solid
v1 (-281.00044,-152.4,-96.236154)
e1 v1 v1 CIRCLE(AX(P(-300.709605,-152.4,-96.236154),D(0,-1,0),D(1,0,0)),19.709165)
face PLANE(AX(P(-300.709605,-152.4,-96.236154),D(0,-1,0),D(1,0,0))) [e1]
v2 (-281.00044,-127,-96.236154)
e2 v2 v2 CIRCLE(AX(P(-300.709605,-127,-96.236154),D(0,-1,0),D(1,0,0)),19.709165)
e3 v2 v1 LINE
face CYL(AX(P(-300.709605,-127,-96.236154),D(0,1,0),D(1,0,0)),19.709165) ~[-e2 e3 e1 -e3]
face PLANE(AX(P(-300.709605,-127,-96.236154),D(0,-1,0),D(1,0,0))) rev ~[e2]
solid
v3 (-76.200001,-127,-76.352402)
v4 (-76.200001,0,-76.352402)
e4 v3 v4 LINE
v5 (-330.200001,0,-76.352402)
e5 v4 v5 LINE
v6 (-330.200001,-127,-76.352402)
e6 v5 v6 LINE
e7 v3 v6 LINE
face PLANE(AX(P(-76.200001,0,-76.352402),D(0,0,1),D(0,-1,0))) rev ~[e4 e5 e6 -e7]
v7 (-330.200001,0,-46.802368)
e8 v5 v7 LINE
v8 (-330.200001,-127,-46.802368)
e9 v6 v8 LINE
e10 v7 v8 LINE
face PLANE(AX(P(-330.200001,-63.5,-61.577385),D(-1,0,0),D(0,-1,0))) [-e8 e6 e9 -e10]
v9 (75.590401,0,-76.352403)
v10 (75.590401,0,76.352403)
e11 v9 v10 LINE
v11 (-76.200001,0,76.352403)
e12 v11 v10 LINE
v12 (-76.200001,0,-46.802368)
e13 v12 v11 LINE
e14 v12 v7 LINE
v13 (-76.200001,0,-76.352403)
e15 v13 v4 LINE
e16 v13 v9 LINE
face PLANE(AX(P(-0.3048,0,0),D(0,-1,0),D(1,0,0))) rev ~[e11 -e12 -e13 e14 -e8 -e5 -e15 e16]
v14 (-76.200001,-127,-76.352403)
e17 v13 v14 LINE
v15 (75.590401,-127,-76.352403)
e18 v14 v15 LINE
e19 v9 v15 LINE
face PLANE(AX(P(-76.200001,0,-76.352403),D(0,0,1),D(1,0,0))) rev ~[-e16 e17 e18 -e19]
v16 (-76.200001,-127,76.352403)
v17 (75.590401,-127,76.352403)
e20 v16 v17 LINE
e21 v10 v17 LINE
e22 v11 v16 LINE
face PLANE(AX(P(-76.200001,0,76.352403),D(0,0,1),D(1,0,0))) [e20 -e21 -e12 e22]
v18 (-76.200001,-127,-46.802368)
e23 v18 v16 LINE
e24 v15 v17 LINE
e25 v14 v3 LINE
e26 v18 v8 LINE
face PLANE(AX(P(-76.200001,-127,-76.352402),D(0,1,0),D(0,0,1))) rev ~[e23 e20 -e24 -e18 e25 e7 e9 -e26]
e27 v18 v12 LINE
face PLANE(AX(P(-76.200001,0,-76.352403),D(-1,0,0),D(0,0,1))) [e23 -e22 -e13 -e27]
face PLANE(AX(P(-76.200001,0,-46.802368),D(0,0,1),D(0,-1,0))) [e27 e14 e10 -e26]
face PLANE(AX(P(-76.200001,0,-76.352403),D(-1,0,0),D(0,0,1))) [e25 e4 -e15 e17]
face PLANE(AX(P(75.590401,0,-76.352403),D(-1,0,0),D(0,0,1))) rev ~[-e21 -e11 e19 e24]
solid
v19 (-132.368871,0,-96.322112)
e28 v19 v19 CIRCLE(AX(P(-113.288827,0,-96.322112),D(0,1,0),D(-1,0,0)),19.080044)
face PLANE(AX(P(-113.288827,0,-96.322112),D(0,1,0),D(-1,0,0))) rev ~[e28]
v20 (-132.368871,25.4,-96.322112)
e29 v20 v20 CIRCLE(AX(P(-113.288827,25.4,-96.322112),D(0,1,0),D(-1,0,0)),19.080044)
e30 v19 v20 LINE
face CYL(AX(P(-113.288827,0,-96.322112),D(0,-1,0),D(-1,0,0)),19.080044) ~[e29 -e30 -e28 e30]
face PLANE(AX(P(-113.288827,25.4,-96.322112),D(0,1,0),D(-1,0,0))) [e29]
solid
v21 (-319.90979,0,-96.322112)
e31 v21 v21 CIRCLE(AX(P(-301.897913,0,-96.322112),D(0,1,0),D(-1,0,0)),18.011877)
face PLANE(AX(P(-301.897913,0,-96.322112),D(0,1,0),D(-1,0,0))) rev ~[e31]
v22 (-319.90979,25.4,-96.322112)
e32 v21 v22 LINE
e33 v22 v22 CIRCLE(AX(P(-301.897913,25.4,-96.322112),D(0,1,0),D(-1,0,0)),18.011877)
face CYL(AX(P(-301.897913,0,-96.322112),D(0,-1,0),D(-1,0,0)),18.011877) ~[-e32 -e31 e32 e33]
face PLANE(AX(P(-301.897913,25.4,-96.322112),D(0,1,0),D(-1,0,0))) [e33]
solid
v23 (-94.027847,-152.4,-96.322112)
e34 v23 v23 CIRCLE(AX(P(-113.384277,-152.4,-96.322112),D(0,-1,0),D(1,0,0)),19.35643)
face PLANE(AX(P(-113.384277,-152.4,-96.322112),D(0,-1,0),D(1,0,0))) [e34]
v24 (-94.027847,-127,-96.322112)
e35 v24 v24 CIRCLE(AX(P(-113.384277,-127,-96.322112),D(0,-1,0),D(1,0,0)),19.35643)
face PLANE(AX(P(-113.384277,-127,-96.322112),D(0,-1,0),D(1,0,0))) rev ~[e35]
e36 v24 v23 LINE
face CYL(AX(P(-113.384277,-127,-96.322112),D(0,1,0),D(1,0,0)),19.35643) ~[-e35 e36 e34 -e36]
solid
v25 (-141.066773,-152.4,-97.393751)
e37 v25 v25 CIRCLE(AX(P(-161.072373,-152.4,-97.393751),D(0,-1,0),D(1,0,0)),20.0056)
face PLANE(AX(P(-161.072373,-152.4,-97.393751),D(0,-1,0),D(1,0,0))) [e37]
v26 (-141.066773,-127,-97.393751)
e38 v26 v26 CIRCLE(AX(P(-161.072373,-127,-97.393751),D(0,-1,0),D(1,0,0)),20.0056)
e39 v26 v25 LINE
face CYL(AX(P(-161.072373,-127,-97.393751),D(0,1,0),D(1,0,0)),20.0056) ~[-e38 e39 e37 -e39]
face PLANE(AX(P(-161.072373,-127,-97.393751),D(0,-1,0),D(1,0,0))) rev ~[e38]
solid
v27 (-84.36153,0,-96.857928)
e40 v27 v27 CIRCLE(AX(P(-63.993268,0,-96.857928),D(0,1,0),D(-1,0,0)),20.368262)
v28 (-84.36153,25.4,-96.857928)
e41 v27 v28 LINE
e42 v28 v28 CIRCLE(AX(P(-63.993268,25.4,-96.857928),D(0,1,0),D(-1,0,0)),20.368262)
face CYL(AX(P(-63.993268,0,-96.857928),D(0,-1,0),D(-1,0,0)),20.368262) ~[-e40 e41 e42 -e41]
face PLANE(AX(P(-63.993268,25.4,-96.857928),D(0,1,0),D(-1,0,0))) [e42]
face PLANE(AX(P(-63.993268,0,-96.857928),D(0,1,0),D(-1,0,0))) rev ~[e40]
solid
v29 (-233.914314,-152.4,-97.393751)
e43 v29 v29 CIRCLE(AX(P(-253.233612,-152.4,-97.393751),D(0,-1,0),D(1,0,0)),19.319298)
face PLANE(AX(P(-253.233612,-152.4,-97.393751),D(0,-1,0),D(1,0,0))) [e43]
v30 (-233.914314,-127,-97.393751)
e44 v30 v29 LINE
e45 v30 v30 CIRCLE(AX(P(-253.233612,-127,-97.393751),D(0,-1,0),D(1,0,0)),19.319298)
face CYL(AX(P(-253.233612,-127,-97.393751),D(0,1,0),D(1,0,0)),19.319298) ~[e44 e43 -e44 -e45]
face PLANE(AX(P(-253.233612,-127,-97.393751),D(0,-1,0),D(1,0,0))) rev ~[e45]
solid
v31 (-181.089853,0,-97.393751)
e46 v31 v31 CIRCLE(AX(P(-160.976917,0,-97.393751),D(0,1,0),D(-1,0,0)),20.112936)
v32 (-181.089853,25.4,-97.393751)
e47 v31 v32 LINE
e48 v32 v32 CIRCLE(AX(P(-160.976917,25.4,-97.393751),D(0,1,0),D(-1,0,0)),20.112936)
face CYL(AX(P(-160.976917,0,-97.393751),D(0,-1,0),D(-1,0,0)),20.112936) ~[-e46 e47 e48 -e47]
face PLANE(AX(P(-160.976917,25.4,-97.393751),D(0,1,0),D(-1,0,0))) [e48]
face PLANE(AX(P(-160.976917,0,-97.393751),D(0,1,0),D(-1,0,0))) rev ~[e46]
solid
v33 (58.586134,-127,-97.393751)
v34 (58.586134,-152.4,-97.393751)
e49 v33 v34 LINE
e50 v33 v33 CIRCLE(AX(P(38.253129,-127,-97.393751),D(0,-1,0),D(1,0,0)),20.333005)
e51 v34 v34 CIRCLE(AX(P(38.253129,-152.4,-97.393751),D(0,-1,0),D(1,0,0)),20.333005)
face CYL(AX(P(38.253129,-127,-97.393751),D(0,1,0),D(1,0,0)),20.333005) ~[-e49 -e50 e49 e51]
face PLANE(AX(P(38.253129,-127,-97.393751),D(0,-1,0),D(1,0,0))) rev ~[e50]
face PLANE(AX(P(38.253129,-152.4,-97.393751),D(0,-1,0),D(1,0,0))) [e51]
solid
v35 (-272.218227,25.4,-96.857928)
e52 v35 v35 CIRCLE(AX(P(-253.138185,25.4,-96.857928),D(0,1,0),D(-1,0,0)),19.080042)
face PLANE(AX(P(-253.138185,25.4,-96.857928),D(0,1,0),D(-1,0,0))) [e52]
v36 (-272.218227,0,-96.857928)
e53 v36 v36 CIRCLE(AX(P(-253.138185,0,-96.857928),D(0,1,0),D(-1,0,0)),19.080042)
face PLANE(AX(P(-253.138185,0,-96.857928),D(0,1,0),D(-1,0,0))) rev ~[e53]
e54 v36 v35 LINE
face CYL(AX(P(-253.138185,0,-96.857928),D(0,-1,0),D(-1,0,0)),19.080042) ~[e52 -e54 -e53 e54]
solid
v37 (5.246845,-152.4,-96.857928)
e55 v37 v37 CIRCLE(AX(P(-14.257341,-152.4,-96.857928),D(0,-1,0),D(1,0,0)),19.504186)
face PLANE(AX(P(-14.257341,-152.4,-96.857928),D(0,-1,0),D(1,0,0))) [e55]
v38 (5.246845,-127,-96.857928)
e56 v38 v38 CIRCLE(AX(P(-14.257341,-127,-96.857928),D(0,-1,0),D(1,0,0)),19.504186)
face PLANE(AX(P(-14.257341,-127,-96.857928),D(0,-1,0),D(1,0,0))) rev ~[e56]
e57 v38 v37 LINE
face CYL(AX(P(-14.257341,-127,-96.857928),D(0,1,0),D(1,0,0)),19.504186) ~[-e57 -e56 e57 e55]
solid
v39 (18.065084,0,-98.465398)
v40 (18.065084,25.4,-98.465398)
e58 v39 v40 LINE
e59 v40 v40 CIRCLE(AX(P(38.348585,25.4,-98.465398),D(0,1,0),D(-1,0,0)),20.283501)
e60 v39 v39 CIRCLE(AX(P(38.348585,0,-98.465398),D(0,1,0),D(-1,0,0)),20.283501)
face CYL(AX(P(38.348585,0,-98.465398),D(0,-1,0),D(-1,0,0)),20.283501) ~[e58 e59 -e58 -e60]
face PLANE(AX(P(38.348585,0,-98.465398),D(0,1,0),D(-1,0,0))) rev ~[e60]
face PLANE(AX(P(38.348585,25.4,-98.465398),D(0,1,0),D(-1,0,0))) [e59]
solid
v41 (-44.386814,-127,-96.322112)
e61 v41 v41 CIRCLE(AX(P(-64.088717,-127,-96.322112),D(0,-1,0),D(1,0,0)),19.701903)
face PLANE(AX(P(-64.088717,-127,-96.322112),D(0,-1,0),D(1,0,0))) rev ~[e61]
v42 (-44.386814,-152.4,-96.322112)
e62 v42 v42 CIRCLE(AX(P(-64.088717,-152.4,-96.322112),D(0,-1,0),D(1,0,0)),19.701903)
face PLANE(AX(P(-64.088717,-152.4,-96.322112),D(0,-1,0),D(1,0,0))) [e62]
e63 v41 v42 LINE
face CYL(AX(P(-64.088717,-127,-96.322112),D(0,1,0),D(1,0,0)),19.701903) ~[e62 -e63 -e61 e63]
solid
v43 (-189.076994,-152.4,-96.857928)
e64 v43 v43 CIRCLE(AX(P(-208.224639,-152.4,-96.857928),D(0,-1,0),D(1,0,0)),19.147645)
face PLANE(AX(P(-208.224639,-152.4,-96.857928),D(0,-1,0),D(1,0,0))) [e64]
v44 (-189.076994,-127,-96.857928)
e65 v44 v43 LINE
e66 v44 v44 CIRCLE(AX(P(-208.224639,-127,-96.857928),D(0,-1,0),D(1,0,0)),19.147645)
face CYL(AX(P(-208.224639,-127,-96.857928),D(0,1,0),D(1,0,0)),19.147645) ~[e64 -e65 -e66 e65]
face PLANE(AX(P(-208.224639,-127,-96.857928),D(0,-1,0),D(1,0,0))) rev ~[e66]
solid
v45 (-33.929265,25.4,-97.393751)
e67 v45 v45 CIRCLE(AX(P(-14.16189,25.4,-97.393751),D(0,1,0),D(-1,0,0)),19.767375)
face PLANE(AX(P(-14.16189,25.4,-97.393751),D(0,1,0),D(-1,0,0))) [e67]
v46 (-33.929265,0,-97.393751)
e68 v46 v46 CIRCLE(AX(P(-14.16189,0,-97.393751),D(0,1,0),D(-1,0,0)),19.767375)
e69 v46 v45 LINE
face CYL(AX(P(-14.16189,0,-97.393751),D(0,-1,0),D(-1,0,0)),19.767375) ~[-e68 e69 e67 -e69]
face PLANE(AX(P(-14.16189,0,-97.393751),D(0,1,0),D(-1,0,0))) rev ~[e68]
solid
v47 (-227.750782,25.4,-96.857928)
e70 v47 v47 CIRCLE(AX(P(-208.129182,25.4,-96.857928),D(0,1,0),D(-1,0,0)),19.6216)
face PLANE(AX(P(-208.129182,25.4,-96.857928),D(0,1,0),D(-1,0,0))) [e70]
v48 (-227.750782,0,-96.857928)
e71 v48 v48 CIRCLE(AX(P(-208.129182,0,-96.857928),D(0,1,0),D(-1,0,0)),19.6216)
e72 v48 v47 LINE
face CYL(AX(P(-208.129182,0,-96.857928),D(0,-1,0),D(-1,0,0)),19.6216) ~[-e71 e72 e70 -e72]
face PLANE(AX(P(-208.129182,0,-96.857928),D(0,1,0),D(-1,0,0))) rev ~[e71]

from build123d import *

# Parameters (mm, degrees)
F0_W     = 151.790403
F0_H     = 152.704806
F1_DEPTH = 127
F2_W     = 127
F2_H     = 29.550035
F3_DEPTH = 254
F4_R     = 19.709165
F6_DEPTH = 25.4
F5_R     = 19.319298
F5_R_2   = 19.147645
F5_R_3   = 20.0056
F5_R_4   = 19.35643
F5_R_5   = 19.701903
F5_R_6   = 19.504186
F5_R_7   = 20.333005
F7_DEPTH = 25.4
F8_R     = 20.283501
F8_R_2   = 19.767375
F8_R_3   = 20.368262
F8_R_4   = 19.080044
F8_R_5   = 20.112936
F8_R_6   = 19.6216
F8_R_7   = 19.080042
F8_R_8   = 18.011877
F9_DEPTH = 25.4


with BuildPart() as f1:
    # F0 (on Front) → F1 (new body)
    with BuildSketch(Plane.XZ):
        with Locations((-0.3048, 0)):
            Rectangle(F0_W, F0_H)
    extrude(amount=F1_DEPTH)

    # F2 (on face) → F3 (join)
    with BuildSketch(Plane(origin=(-76.200001, 0, 0), x_dir=(0, -1, 0), z_dir=(-1, 0, 0))):
        with Locations((63.5, -61.577385)):
            Rectangle(F2_W, F2_H)
    extrude(amount=F3_DEPTH)


with BuildPart() as f6:
    # F4 (on face) → F6 (new body)
    with BuildSketch(Plane.XZ.offset(127)):
        with Locations((-300.709605, -96.236154)):
            Circle(F4_R)
    extrude(amount=F6_DEPTH)


with BuildPart() as f7:
    # F5 (on face) → F7 (new body)
    with BuildSketch(Plane.XZ.offset(127)):
        with Locations((-253.233612, -97.393751)):
            Circle(F5_R)
        with Locations((-208.224639, -96.857928)):
            Circle(F5_R_2)
        with Locations((-161.072373, -97.393751)):
            Circle(F5_R_3)
        with Locations((-113.384277, -96.322112)):
            Circle(F5_R_4)
        with Locations((-64.088717, -96.322112)):
            Circle(F5_R_5)
        with Locations((-14.257341, -96.857928)):
            Circle(F5_R_6)
        with Locations((38.253129, -97.393751)):
            Circle(F5_R_7)
    extrude(amount=F7_DEPTH)


with BuildPart() as f9:
    # F8 (on face) → F9 (new body)
    with BuildSketch(Plane(origin=(0, 0, 0), x_dir=(-1, 0, 0), z_dir=(0, 1, 0))):
        with Locations((-38.348585, -98.465398)):
            Circle(F8_R)
        with Locations((14.16189, -97.393751)):
            Circle(F8_R_2)
        with Locations((63.993268, -96.857928)):
            Circle(F8_R_3)
        with Locations((113.288827, -96.322112)):
            Circle(F8_R_4)
        with Locations((160.976917, -97.393751)):
            Circle(F8_R_5)
        with Locations((208.129182, -96.857928)):
            Circle(F8_R_6)
        with Locations((253.138185, -96.857928)):
            Circle(F8_R_7)
        with Locations((301.897913, -96.322112)):
            Circle(F8_R_8)
    extrude(amount=F9_DEPTH)


solid = Compound([f1.part, f6.part, f7.part, f9.part])
